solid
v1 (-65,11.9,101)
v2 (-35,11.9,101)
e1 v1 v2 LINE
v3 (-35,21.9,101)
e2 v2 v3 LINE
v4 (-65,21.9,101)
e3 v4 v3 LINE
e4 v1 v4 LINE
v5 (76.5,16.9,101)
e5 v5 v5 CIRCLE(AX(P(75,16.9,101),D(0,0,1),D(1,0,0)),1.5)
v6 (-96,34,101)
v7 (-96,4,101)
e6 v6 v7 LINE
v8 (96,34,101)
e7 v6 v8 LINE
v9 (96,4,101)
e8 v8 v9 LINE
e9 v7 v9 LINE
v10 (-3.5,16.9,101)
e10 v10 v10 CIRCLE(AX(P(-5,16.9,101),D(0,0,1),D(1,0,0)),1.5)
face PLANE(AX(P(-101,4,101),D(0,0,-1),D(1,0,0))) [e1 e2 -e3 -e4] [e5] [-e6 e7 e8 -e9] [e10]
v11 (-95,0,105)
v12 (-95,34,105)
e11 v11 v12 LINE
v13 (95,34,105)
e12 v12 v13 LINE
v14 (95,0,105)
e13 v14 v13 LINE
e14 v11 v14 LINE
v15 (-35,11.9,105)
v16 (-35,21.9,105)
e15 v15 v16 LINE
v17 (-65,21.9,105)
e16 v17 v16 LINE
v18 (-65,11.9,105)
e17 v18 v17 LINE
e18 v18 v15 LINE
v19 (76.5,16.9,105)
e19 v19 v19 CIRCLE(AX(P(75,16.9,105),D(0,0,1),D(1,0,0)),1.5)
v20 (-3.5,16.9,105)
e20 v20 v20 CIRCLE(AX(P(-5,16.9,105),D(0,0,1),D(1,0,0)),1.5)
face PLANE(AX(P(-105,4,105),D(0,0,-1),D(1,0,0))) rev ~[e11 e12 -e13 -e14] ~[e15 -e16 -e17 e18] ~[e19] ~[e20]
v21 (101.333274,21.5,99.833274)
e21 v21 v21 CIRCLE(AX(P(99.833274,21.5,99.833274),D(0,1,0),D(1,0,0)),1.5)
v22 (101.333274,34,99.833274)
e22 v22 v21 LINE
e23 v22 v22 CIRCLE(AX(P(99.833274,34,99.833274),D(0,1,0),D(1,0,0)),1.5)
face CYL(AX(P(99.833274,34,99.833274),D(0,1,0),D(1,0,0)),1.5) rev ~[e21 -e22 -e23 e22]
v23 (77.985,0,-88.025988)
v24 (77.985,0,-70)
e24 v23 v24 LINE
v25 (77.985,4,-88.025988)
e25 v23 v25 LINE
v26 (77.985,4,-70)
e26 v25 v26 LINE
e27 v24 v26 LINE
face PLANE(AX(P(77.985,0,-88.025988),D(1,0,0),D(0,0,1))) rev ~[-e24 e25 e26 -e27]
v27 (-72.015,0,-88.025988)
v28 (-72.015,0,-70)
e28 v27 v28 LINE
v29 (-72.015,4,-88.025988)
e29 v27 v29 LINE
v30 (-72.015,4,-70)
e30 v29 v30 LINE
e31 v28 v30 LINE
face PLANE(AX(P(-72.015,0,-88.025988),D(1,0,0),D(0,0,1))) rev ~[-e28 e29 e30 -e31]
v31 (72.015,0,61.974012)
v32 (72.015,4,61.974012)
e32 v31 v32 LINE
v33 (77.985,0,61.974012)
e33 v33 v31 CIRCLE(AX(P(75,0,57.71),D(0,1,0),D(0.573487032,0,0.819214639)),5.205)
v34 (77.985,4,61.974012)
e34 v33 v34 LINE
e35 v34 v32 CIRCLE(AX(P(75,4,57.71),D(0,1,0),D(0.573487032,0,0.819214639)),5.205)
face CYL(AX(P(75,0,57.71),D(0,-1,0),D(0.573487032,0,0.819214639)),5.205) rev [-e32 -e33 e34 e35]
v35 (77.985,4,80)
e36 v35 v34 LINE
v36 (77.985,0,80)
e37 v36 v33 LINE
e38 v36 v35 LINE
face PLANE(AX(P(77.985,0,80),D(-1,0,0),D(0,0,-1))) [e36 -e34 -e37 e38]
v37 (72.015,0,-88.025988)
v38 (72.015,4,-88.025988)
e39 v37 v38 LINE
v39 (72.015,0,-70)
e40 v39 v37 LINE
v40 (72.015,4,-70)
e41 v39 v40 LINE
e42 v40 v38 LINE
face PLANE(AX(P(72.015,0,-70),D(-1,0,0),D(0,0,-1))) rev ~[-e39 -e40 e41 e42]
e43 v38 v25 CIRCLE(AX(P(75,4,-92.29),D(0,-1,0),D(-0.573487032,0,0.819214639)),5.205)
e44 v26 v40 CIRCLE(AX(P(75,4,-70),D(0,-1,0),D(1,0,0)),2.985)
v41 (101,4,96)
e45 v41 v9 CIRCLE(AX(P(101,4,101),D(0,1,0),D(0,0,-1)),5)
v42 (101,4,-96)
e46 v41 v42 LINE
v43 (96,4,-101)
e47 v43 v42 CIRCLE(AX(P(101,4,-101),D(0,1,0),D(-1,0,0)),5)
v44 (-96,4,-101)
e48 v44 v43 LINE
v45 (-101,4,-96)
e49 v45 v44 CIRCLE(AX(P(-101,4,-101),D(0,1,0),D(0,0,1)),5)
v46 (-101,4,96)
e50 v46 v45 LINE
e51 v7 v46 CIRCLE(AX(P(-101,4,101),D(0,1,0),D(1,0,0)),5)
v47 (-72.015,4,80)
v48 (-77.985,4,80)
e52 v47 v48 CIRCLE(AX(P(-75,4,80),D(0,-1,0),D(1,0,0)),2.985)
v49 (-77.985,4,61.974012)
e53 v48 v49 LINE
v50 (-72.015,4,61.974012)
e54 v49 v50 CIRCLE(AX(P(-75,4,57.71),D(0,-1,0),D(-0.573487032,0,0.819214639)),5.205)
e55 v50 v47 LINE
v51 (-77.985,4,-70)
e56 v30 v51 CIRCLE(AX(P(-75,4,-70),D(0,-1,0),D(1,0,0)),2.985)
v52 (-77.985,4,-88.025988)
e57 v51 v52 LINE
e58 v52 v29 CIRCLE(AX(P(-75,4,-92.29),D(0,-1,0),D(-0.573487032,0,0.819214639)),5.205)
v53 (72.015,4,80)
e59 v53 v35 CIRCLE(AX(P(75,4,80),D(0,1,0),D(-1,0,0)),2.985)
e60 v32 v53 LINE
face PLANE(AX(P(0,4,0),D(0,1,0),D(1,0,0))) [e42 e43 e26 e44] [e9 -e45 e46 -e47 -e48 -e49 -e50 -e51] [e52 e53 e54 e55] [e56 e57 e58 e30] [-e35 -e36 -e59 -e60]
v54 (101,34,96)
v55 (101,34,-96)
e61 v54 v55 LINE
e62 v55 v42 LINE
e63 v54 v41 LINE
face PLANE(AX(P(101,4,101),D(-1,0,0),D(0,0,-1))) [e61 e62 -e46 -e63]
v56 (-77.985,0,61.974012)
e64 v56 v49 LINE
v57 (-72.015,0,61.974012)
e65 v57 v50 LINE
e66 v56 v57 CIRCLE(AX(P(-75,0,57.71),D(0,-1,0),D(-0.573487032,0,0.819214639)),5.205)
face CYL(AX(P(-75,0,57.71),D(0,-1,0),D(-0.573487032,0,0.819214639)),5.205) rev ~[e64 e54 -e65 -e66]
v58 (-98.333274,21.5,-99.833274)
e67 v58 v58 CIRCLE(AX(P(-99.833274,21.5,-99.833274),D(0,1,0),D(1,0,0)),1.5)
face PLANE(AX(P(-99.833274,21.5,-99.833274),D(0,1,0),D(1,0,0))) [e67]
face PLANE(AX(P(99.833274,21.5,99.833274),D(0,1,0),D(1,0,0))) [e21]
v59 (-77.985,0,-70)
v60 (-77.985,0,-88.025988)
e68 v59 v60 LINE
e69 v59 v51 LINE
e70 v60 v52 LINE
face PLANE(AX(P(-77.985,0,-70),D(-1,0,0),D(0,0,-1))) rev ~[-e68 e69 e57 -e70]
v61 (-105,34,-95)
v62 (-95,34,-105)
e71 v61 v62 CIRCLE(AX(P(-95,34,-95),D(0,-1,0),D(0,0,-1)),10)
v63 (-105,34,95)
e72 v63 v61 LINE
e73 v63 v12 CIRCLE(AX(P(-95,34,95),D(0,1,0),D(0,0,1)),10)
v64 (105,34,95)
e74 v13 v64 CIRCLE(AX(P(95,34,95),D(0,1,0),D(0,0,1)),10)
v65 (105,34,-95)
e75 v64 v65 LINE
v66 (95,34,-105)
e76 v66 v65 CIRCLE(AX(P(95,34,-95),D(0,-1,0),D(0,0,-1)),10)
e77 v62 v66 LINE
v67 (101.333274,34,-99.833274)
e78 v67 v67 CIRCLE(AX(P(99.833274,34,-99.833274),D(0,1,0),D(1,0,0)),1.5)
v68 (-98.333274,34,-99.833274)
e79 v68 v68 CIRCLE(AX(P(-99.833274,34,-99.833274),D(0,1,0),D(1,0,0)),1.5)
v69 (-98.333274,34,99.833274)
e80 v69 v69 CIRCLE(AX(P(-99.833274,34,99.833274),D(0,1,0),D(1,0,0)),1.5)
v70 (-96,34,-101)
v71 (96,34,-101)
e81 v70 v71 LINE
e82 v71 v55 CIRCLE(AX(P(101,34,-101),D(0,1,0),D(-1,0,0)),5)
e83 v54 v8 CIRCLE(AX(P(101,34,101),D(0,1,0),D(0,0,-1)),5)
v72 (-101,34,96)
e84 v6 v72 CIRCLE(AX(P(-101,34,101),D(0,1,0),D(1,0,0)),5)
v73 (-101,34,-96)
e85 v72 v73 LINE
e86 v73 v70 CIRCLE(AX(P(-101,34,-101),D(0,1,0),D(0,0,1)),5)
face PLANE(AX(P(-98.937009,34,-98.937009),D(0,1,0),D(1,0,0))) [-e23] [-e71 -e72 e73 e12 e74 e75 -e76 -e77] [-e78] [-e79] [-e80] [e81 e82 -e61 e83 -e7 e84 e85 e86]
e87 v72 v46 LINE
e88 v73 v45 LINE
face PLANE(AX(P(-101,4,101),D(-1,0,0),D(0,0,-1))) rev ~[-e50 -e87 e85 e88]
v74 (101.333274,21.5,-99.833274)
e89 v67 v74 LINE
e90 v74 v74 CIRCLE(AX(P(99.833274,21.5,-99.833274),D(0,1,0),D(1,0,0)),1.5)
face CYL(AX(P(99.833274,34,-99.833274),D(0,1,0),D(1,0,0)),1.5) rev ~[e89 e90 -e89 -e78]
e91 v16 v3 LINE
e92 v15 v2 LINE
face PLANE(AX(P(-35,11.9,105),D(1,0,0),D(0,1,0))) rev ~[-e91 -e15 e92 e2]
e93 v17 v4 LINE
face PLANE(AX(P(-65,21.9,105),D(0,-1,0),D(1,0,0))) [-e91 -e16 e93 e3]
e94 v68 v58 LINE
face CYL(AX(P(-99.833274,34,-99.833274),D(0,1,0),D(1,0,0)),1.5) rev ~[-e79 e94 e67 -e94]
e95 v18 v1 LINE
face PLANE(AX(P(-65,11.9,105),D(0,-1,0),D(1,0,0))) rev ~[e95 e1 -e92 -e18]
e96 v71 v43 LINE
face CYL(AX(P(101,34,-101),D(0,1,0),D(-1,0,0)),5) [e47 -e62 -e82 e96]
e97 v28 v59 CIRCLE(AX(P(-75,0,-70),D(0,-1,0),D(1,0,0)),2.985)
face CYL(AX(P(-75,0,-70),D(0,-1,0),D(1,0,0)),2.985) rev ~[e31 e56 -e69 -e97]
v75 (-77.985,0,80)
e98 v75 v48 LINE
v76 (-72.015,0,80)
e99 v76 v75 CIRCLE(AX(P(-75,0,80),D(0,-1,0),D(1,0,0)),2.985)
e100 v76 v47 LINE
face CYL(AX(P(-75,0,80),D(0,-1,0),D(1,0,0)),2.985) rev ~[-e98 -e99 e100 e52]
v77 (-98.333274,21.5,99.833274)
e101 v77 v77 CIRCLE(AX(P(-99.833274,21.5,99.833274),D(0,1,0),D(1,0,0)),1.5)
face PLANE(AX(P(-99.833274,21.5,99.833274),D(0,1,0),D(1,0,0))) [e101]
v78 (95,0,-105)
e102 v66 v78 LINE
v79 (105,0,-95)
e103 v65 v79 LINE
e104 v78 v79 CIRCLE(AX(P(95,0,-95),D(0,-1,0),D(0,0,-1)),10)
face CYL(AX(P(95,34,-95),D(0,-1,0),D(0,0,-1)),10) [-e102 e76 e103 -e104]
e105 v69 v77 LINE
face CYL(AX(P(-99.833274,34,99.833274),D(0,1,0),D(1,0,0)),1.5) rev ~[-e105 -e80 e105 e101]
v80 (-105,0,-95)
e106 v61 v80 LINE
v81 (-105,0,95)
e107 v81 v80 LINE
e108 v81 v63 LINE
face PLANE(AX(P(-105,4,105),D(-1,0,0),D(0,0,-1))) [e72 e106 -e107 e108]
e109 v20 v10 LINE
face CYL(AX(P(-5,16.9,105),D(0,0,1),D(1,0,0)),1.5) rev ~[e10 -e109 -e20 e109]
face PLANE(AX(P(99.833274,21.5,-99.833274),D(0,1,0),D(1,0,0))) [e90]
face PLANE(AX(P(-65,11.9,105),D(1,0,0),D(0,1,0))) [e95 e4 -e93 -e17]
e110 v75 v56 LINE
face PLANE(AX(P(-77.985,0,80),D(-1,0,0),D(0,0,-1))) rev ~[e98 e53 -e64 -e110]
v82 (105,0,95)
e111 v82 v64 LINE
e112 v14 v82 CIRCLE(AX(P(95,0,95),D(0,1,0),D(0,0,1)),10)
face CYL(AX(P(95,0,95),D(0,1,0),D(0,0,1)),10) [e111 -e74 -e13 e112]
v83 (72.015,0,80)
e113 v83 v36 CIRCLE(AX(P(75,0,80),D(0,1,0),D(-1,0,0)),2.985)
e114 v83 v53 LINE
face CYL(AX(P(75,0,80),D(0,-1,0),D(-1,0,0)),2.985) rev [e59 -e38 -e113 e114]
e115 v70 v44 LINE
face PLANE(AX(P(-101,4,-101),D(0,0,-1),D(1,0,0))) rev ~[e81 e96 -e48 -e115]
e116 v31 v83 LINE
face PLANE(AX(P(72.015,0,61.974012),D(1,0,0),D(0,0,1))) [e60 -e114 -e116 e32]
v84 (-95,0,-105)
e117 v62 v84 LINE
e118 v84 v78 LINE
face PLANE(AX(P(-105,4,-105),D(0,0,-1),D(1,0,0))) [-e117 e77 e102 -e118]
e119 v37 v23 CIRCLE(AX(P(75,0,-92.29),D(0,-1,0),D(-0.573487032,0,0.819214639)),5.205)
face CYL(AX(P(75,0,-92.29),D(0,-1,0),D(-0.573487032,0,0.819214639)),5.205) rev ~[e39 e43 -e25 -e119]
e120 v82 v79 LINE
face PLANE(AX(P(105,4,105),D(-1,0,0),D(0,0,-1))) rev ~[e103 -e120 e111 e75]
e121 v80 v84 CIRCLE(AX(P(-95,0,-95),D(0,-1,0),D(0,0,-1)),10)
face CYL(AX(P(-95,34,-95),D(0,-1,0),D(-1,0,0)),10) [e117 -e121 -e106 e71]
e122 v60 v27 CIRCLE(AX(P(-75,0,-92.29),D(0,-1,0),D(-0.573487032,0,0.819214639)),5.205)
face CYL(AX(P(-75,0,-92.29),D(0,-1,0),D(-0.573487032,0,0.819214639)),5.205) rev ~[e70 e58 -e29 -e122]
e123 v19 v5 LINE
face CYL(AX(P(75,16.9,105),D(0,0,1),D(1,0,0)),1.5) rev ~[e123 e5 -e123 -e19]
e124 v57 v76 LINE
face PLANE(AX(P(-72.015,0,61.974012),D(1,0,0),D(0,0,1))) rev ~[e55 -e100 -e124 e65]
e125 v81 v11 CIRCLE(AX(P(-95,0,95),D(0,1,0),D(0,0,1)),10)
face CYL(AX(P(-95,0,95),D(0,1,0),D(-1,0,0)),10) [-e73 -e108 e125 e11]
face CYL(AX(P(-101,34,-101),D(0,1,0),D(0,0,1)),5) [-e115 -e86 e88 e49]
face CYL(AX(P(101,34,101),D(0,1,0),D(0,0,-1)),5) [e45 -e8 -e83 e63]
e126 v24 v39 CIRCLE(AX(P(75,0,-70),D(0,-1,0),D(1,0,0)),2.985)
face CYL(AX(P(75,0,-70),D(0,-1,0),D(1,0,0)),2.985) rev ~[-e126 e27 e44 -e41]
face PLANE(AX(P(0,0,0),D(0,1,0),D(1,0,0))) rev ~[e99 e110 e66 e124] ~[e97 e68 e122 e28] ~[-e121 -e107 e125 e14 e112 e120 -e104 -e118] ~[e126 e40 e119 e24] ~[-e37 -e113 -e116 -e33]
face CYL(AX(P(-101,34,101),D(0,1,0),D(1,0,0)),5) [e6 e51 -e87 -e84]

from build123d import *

# Parameters (mm, degrees)
SKETCH1_W            = 210
SKETCH1_H            = 210
BASE_DEPTH           = 4
WALLS_START          = 4
SKETCH1_3_W          = 210
SKETCH1_3_H          = 210
SKETCH1_3_W_2        = 202
SKETCH1_3_H_2        = 202
WALLS_DEPTH          = 30
SCREWMOUNTS_DEPTH    = 30
SKETCH2_5_R          = 1.5
SCREWHOLES_DEPTH     = 12.5
ROUNDEDCORNERS_R     = 10
BACKHOLEMOUNTS_DEPTH = 4
SKETCH4_R            = 1.5
SKETCH4_W            = 30
SKETCH4_H            = 10
BATTERYPACK_DEPTH    = 4


with BuildPart() as part:
    # Sketch1 → Base (new body)
    with BuildSketch(Plane(origin=(0, 0, 0), x_dir=(1, 0, 0), z_dir=(0, 1, 0))):
        Rectangle(SKETCH1_W, SKETCH1_H)
    extrude(amount=BASE_DEPTH)

    # Sketch1<3> → Walls (add)
    with BuildSketch(Plane(origin=(0, 0, 0), x_dir=(1, 0, 0), z_dir=(0, 1, 0)).offset(WALLS_START)):
        Rectangle(SKETCH1_3_W, SKETCH1_3_H)
        Rectangle(SKETCH1_3_W_2, SKETCH1_3_H_2, mode=Mode.SUBTRACT)
    extrude(amount=WALLS_DEPTH)

    # Sketch2 → ScrewMounts (add)
    with BuildSketch(Plane(origin=(0, 34, 0), x_dir=(1, 0, 0), z_dir=(0, 1, 0))):
        with BuildLine():
            Line((-101, 101), (-101, 96))
            ThreePointArc((-101, 96), (-97.464466094, 97.464466094), (-96, 101))
            Line((-96, 101), (-101, 101))
        make_face()
        with BuildLine():
            Line((-101, -101), (-96, -101))
            ThreePointArc((-96, -101), (-97.464466094, -97.464466094), (-101, -96))
            Line((-101, -96), (-101, -101))
        make_face()
        with BuildLine():
            Line((101, 101), (96, 101))
            ThreePointArc((96, 101), (97.464466094, 97.464466094), (101, 96))
            Line((101, 96), (101, 101))
        make_face()
        with BuildLine():
            Line((101, -101), (101, -96))
            ThreePointArc((101, -96), (97.464466094, -97.464466094), (96, -101))
            Line((96, -101), (101, -101))
        make_face()
    extrude(amount=-SCREWMOUNTS_DEPTH)

    # Sketch2<5> → ScrewHoles (cut)
    with BuildSketch(Plane(origin=(0, 34, 0), x_dir=(1, 0, 0), z_dir=(0, 1, 0))):
        with Locations((-99.833273811, 99.833273811)):
            Circle(SKETCH2_5_R)
        with Locations((-99.833273811, -99.833273811)):
            Circle(SKETCH2_5_R)
        with Locations((99.833273811, 99.833273811)):
            Circle(SKETCH2_5_R)
        with Locations((99.833273811, -99.833273811)):
            Circle(SKETCH2_5_R)
    extrude(amount=-SCREWHOLES_DEPTH, mode=Mode.SUBTRACT)

    # RoundedCorners
    roundedcorners_edges = [part.edges().sort_by_distance(p)[0] for p in [
        (-105, 17, 105),
        (105, 17, 105),
        (105, 17, -105),
        (-105, 17, -105),
    ]]
    fillet(roundedcorners_edges, radius=ROUNDEDCORNERS_R)

    # Sketch3 → BackHoleMounts (cut)
    with BuildSketch(Plane.XZ):
        with BuildLine():
            Line((-77.985, 80), (-77.985, 61.974012195))
            ThreePointArc((-77.985, 61.974012195), (-75, 52.505), (-72.015, 61.974012195))
            Line((-72.015, 61.974012195), (-72.015, 80))
            ThreePointArc((-72.015, 80), (-75, 82.985), (-77.985, 80))
        make_face()
        with BuildLine():
            Line((77.985, 80), (77.985, 61.974012195))
            ThreePointArc((77.985, 61.974012195), (75, 52.505), (72.015, 61.974012195))
            Line((72.015, 61.974012195), (72.015, 80))
            ThreePointArc((72.015, 80), (75, 82.985), (77.985, 80))
        make_face()
        with BuildLine():
            Line((72.015, -70), (72.015, -88.025987805))
            ThreePointArc((72.015, -88.025987805), (75, -97.495), (77.985, -88.025987805))
            Line((77.985, -88.025987805), (77.985, -70))
            ThreePointArc((77.985, -70), (75, -67.015), (72.015, -70))
        make_face()
        with BuildLine():
            Line((-77.985, -70), (-77.985, -88.025987805))
            ThreePointArc((-77.985, -88.025987805), (-75, -97.495), (-72.015, -88.025987805))
            Line((-72.015, -88.025987805), (-72.015, -70))
            ThreePointArc((-72.015, -70), (-75, -67.015), (-77.985, -70))
        make_face()
    extrude(amount=-BACKHOLEMOUNTS_DEPTH, mode=Mode.SUBTRACT)

    # Sketch4 → BatteryPack (cut)
    with BuildSketch(Plane.XY.offset(105)):
        with Locations((75, 16.9)):
            Circle(SKETCH4_R)
        with Locations((-5, 16.9)):
            Circle(SKETCH4_R)
        with Locations((-50, 16.9)):
            Rectangle(SKETCH4_W, SKETCH4_H)
    extrude(amount=-BATTERYPACK_DEPTH, mode=Mode.SUBTRACT)


solid = part.part
